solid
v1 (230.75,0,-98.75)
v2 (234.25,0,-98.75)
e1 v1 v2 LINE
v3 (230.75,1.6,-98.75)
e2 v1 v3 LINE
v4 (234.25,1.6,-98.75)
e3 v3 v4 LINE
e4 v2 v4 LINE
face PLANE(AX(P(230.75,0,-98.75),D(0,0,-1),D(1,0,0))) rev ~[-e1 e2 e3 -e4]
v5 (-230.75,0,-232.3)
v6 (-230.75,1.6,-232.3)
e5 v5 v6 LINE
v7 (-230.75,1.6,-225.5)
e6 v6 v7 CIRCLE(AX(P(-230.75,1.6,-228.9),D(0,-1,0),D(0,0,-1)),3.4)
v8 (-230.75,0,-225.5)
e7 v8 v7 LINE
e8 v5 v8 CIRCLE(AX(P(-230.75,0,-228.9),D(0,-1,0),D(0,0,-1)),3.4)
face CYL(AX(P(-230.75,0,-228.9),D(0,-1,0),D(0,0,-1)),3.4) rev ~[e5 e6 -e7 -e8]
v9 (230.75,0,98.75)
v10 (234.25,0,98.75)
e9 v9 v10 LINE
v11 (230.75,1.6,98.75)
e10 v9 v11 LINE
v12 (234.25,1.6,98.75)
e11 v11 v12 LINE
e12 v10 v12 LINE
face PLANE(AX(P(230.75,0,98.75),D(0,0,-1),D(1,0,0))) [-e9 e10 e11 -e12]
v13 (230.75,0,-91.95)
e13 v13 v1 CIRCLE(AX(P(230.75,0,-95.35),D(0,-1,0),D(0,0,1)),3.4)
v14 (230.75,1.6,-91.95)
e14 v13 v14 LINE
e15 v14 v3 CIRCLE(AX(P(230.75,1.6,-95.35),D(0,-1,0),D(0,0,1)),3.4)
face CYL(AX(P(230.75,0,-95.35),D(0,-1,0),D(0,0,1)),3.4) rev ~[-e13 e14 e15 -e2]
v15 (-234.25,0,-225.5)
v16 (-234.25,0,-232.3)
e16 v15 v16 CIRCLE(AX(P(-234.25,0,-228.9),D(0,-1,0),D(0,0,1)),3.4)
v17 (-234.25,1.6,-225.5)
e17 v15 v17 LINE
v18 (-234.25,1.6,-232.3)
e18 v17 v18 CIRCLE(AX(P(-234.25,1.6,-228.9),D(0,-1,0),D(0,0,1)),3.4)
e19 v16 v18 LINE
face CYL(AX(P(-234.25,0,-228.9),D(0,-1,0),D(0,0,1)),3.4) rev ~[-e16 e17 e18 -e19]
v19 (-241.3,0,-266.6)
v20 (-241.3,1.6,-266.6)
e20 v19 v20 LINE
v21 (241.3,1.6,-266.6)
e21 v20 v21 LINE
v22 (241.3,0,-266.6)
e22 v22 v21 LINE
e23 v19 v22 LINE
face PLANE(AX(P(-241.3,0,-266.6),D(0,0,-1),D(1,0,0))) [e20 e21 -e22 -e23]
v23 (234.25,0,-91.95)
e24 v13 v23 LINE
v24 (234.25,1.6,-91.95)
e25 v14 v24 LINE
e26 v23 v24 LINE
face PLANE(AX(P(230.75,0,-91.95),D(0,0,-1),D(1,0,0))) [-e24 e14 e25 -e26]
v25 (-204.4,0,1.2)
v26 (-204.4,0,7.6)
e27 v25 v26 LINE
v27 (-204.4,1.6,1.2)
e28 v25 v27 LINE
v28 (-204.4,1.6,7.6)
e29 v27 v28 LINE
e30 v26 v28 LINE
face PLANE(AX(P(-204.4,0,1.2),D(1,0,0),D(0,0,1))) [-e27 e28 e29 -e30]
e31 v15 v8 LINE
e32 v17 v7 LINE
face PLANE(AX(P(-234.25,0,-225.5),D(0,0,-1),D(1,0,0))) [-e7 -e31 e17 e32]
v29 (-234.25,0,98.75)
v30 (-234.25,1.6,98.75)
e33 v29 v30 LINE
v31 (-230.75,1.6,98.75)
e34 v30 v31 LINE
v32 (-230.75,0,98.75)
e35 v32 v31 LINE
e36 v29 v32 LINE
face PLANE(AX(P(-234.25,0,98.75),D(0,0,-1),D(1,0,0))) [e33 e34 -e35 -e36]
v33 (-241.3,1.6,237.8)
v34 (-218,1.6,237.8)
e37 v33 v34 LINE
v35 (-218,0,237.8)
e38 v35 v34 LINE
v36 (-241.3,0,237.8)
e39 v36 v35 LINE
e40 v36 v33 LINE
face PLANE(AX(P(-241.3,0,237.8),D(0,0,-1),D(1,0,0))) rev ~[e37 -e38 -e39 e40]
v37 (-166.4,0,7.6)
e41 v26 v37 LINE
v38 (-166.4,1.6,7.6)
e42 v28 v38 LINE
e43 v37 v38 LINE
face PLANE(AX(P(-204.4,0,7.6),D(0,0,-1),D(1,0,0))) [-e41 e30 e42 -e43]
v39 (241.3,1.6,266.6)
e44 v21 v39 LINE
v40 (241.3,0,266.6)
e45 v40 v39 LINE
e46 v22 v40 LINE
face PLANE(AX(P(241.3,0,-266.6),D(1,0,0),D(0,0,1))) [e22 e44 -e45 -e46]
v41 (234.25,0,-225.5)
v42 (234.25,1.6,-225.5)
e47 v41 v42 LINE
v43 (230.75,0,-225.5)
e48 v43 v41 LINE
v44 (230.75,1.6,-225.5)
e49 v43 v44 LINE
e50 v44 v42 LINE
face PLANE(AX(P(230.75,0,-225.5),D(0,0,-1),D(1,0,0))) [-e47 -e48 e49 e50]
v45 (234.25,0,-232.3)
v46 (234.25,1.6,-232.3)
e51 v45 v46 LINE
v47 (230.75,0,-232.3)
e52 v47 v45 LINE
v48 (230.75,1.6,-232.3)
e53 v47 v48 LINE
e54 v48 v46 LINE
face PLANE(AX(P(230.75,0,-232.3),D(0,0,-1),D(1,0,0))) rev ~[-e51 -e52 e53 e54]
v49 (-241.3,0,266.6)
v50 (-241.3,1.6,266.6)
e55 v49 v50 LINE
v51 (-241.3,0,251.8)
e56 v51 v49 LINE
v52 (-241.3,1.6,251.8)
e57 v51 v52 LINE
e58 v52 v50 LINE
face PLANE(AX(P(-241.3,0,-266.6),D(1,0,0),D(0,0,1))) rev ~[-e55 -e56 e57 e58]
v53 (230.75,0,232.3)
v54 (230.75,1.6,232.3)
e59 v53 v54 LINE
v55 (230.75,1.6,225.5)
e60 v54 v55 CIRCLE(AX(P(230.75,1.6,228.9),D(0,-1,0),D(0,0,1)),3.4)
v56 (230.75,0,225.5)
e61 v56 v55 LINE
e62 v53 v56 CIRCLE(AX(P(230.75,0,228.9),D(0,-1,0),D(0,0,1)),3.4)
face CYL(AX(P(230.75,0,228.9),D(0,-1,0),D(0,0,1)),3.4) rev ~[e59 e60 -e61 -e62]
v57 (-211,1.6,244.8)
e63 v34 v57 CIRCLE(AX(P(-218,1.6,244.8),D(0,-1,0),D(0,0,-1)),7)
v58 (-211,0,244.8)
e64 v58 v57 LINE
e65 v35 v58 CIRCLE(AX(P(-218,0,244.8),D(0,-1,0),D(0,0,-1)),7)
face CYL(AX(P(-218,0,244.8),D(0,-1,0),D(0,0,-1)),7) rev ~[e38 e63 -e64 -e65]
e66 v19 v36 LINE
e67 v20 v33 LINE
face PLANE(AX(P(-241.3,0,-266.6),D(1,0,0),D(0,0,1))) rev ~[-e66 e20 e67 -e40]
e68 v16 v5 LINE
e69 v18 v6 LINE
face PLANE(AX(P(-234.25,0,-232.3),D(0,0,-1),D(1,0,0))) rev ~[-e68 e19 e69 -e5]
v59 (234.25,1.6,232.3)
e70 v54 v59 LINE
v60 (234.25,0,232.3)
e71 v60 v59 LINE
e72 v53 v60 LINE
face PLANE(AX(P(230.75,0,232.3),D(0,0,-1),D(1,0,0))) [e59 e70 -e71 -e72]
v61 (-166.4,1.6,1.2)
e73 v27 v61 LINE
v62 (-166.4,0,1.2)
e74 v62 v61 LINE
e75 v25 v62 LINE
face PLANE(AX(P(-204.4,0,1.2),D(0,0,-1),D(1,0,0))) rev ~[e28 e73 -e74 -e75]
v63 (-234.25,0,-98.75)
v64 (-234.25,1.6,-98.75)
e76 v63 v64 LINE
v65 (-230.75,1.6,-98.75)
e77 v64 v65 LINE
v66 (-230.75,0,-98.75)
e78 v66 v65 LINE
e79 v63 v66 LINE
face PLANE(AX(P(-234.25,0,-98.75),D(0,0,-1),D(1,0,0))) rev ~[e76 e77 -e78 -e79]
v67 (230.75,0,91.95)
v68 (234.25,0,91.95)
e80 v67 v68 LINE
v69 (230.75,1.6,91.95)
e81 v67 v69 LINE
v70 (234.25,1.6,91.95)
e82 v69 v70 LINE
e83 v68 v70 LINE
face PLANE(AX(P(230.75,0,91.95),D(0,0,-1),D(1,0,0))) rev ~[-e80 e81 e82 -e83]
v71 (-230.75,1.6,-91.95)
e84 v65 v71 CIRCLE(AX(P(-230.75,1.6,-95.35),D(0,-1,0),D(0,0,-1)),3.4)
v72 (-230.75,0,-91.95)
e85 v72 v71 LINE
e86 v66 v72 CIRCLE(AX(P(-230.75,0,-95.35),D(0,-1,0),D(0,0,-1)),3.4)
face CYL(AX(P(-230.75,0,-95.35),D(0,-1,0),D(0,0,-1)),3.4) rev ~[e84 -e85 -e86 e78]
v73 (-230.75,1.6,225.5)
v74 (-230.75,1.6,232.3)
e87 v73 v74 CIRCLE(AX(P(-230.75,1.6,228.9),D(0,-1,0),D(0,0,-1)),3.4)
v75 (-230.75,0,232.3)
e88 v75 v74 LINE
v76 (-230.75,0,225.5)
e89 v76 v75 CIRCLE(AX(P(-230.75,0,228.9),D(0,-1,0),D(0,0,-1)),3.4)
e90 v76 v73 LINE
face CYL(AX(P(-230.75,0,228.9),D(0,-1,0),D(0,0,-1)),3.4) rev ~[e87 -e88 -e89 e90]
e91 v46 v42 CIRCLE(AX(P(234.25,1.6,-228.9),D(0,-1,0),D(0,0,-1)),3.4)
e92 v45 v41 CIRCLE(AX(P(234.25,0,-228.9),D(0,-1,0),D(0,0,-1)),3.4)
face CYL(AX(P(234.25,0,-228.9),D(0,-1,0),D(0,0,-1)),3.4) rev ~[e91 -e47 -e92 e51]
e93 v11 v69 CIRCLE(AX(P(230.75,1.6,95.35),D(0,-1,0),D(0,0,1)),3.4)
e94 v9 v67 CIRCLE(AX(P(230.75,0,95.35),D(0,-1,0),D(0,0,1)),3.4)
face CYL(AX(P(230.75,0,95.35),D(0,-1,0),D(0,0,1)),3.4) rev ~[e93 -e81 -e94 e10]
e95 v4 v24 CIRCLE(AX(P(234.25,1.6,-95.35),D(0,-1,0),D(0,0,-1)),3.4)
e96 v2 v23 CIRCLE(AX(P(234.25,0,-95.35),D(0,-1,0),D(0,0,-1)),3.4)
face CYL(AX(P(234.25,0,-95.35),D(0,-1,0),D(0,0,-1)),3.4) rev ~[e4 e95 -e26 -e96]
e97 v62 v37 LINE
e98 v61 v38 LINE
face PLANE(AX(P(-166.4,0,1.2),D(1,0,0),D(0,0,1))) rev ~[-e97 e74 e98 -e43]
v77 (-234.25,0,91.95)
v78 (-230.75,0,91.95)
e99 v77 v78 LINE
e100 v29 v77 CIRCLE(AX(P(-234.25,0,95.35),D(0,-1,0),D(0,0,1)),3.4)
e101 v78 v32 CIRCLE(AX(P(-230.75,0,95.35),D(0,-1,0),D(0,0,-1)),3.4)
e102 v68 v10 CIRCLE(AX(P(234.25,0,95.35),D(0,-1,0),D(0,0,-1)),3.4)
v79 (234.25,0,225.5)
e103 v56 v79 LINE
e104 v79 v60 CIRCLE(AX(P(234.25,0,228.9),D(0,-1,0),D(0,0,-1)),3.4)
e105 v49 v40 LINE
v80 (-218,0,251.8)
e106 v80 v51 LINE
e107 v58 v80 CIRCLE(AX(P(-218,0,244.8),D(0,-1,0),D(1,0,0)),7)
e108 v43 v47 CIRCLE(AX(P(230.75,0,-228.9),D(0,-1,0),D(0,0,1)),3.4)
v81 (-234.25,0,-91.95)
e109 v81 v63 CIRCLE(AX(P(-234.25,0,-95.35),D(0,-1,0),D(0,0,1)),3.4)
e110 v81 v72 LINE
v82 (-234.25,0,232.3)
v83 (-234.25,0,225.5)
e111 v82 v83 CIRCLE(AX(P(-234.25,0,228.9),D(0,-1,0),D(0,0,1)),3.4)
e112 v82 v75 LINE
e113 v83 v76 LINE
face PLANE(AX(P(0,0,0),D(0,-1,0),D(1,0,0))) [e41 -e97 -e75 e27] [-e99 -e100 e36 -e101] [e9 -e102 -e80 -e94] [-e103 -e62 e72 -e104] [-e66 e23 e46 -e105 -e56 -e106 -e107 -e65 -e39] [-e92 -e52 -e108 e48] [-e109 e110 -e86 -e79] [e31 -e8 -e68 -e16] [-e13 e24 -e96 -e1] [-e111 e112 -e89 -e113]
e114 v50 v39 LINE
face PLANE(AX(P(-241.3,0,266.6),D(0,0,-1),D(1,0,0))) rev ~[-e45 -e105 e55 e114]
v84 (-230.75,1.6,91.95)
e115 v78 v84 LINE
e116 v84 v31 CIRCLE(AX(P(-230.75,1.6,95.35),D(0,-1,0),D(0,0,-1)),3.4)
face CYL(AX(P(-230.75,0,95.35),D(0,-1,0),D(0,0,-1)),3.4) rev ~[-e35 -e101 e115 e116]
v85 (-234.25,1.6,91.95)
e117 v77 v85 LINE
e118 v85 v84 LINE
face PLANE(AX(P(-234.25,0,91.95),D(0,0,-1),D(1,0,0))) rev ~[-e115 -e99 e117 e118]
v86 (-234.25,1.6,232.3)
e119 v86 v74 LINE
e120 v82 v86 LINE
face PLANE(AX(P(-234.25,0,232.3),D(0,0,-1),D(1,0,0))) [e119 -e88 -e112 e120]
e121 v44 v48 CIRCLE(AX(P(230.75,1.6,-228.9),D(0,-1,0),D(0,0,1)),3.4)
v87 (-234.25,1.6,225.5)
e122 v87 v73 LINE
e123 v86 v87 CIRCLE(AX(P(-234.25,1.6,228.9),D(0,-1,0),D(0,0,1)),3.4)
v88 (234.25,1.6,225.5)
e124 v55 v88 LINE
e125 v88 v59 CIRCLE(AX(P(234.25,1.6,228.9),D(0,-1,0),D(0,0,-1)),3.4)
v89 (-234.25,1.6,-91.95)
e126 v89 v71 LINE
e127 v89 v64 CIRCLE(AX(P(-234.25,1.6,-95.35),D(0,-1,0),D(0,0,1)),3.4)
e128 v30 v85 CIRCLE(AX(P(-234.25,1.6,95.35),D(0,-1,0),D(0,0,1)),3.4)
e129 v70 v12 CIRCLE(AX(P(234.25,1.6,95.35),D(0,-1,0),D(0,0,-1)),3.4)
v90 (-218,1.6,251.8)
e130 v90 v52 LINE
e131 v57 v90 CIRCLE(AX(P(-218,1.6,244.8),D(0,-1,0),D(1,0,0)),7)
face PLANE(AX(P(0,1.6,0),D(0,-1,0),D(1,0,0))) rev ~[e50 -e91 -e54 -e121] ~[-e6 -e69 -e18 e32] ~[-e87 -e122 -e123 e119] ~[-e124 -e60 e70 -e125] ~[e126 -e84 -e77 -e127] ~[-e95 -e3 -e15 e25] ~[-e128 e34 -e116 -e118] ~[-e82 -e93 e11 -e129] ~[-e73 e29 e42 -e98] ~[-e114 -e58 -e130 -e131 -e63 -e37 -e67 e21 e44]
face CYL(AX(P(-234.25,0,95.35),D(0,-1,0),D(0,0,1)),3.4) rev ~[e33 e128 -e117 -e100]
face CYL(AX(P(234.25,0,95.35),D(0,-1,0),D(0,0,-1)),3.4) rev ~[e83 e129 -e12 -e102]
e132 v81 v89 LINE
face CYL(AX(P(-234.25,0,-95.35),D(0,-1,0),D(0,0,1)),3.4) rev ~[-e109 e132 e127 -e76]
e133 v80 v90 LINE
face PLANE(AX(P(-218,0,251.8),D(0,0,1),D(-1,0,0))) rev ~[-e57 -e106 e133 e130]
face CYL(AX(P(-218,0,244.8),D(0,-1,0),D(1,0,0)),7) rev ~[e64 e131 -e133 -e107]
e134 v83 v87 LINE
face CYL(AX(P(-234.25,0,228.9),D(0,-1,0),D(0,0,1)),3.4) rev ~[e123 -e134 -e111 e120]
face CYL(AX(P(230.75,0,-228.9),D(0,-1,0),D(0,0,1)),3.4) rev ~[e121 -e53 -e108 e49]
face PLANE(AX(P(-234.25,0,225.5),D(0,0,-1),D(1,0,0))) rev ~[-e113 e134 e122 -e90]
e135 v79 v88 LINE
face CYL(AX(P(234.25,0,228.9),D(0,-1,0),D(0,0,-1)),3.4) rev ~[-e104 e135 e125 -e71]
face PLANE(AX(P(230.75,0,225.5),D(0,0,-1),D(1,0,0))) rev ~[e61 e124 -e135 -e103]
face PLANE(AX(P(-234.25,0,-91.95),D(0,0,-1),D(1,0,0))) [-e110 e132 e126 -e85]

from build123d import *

# Parameters (mm, degrees)
F0_W      = 482.6
F0_H      = 533.2
F1_DEPTH  = 1.6
F10_W     = 38
F10_H     = 6.4
F11_DEPTH = 1.6
F2_W      = 3.5
F2_H      = 6.8
F3_W      = 3.5
F3_H      = 6.8
F4_W      = 3.5
F4_H      = 6.8
F5_W      = 3.5
F5_H      = 6.8
F6_W      = 3.5
F6_H      = 6.8
F7_W      = 3.5
F7_H      = 6.8
F8_W      = 3.5
F8_H      = 6.8
F9_W      = 3.5
F9_H      = 6.8
F12_DEPTH = 1.6
F14_DEPTH = 1.6


with BuildPart() as f1:
    # F0 (on Front) → F1 (new body)
    with BuildSketch(Plane.XZ):
        Rectangle(F0_W, F0_H)
    extrude(amount=-F1_DEPTH)

    # F10 (on face) → F11 (cut)
    with BuildSketch(Plane.XZ):
        with Locations((-185.4, 4.4)):
            Rectangle(F10_W, F10_H)
    extrude(amount=-F11_DEPTH, mode=Mode.SUBTRACT)

    # F2 (on face) + F3 (on face) + F4 (on face) + F5 (on face) + F6 (on face) + F7 (on face) + F8 (on face) + F9 (on face) → F12 (cut)
    with BuildSketch(Plane.XZ):
        with Locations((-232.5, 228.9)):
            Rectangle(F2_W, F2_H)
        with BuildLine():
            Line((-230.75, 232.3), (-230.75, 225.5))
            ThreePointArc((-230.75, 225.5), (-227.35, 228.9), (-230.75, 232.3))
        make_face()
        with BuildLine():
            ThreePointArc((-234.25, 232.3), (-237.65, 228.9), (-234.25, 225.5))
            Line((-234.25, 225.5), (-234.25, 232.3))
        make_face()
    with BuildSketch(Plane.XZ):
        with Locations((-232.5, 95.35)):
            Rectangle(F3_W, F3_H)
        with BuildLine():
            Line((-230.75, 98.75), (-230.75, 91.95))
            ThreePointArc((-230.75, 91.95), (-227.35, 95.35), (-230.75, 98.75))
        make_face()
        with BuildLine():
            ThreePointArc((-234.25, 98.75), (-237.65, 95.35), (-234.25, 91.95))
            Line((-234.25, 91.95), (-234.25, 98.75))
        make_face()
    with BuildSketch(Plane.XZ):
        with Locations((-232.5, -95.35)):
            Rectangle(F4_W, F4_H)
        with BuildLine():
            Line((-230.75, -91.95), (-230.75, -98.75))
            ThreePointArc((-230.75, -98.75), (-227.35, -95.35), (-230.75, -91.95))
        make_face()
        with BuildLine():
            ThreePointArc((-234.25, -91.95), (-237.65, -95.35), (-234.25, -98.75))
            Line((-234.25, -98.75), (-234.25, -91.95))
        make_face()
    with BuildSketch(Plane.XZ):
        with Locations((-232.5, -228.9)):
            Rectangle(F5_W, F5_H)
        with BuildLine():
            Line((-230.75, -225.5), (-230.75, -232.3))
            ThreePointArc((-230.75, -232.3), (-227.35, -228.9), (-230.75, -225.5))
        make_face()
        with BuildLine():
            ThreePointArc((-234.25, -225.5), (-237.65, -228.9), (-234.25, -232.3))
            Line((-234.25, -232.3), (-234.25, -225.5))
        make_face()
    with BuildSketch(Plane.XZ):
        with Locations((232.5, 228.9)):
            Rectangle(F6_W, F6_H)
        with BuildLine():
            Line((234.25, 232.3), (234.25, 225.5))
            ThreePointArc((234.25, 225.5), (237.65, 228.9), (234.25, 232.3))
        make_face()
        with BuildLine():
            ThreePointArc((230.75, 232.3), (227.35, 228.9), (230.75, 225.5))
            Line((230.75, 225.5), (230.75, 232.3))
        make_face()
    with BuildSketch(Plane.XZ):
        with Locations((232.5, 95.35)):
            Rectangle(F7_W, F7_H)
        with BuildLine():
            Line((234.25, 98.75), (234.25, 91.95))
            ThreePointArc((234.25, 91.95), (237.65, 95.35), (234.25, 98.75))
        make_face()
        with BuildLine():
            ThreePointArc((230.75, 98.75), (227.35, 95.35), (230.75, 91.95))
            Line((230.75, 91.95), (230.75, 98.75))
        make_face()
    with BuildSketch(Plane.XZ):
        with Locations((232.5, -95.35)):
            Rectangle(F8_W, F8_H)
        with BuildLine():
            Line((234.25, -91.95), (234.25, -98.75))
            ThreePointArc((234.25, -98.75), (237.65, -95.35), (234.25, -91.95))
        make_face()
        with BuildLine():
            ThreePointArc((230.75, -91.95), (227.35, -95.35), (230.75, -98.75))
            Line((230.75, -98.75), (230.75, -91.95))
        make_face()
    with BuildSketch(Plane.XZ):
        with Locations((232.5, -228.9)):
            Rectangle(F9_W, F9_H)
        with BuildLine():
            Line((234.25, -225.5), (234.25, -232.3))
            ThreePointArc((234.25, -232.3), (237.65, -228.9), (234.25, -225.5))
        make_face()
        with BuildLine():
            ThreePointArc((230.75, -225.5), (227.35, -228.9), (230.75, -232.3))
            Line((230.75, -232.3), (230.75, -225.5))
        make_face()
    extrude(amount=-F12_DEPTH, mode=Mode.SUBTRACT)

    # F13 (on face) → F14 (cut)
    with BuildSketch(Plane.XZ):
        with BuildLine():
            Line((-218, 237.8), (-218, 251.8))
            ThreePointArc((-218, 251.8), (-225, 244.8), (-218, 237.8))
        make_face()
        with BuildLine():
            ThreePointArc((-218, 237.8), (-213.0502525317, 239.8502525317), (-211, 244.8))
            ThreePointArc((-211, 244.8), (-213.0502525317, 249.7497474683), (-218, 251.8))
            Line((-218, 251.8), (-218, 237.8))
        make_face()
        with BuildLine():
            ThreePointArc((-218, 237.8), (-225, 244.8), (-218, 251.8))
            Line((-218, 251.8), (-241.3, 251.8))
            Line((-241.3, 251.8), (-241.3, 237.8))
            Line((-241.3, 237.8), (-218, 237.8))
        make_face()
    extrude(amount=-F14_DEPTH, mode=Mode.SUBTRACT)


solid = f1.part
